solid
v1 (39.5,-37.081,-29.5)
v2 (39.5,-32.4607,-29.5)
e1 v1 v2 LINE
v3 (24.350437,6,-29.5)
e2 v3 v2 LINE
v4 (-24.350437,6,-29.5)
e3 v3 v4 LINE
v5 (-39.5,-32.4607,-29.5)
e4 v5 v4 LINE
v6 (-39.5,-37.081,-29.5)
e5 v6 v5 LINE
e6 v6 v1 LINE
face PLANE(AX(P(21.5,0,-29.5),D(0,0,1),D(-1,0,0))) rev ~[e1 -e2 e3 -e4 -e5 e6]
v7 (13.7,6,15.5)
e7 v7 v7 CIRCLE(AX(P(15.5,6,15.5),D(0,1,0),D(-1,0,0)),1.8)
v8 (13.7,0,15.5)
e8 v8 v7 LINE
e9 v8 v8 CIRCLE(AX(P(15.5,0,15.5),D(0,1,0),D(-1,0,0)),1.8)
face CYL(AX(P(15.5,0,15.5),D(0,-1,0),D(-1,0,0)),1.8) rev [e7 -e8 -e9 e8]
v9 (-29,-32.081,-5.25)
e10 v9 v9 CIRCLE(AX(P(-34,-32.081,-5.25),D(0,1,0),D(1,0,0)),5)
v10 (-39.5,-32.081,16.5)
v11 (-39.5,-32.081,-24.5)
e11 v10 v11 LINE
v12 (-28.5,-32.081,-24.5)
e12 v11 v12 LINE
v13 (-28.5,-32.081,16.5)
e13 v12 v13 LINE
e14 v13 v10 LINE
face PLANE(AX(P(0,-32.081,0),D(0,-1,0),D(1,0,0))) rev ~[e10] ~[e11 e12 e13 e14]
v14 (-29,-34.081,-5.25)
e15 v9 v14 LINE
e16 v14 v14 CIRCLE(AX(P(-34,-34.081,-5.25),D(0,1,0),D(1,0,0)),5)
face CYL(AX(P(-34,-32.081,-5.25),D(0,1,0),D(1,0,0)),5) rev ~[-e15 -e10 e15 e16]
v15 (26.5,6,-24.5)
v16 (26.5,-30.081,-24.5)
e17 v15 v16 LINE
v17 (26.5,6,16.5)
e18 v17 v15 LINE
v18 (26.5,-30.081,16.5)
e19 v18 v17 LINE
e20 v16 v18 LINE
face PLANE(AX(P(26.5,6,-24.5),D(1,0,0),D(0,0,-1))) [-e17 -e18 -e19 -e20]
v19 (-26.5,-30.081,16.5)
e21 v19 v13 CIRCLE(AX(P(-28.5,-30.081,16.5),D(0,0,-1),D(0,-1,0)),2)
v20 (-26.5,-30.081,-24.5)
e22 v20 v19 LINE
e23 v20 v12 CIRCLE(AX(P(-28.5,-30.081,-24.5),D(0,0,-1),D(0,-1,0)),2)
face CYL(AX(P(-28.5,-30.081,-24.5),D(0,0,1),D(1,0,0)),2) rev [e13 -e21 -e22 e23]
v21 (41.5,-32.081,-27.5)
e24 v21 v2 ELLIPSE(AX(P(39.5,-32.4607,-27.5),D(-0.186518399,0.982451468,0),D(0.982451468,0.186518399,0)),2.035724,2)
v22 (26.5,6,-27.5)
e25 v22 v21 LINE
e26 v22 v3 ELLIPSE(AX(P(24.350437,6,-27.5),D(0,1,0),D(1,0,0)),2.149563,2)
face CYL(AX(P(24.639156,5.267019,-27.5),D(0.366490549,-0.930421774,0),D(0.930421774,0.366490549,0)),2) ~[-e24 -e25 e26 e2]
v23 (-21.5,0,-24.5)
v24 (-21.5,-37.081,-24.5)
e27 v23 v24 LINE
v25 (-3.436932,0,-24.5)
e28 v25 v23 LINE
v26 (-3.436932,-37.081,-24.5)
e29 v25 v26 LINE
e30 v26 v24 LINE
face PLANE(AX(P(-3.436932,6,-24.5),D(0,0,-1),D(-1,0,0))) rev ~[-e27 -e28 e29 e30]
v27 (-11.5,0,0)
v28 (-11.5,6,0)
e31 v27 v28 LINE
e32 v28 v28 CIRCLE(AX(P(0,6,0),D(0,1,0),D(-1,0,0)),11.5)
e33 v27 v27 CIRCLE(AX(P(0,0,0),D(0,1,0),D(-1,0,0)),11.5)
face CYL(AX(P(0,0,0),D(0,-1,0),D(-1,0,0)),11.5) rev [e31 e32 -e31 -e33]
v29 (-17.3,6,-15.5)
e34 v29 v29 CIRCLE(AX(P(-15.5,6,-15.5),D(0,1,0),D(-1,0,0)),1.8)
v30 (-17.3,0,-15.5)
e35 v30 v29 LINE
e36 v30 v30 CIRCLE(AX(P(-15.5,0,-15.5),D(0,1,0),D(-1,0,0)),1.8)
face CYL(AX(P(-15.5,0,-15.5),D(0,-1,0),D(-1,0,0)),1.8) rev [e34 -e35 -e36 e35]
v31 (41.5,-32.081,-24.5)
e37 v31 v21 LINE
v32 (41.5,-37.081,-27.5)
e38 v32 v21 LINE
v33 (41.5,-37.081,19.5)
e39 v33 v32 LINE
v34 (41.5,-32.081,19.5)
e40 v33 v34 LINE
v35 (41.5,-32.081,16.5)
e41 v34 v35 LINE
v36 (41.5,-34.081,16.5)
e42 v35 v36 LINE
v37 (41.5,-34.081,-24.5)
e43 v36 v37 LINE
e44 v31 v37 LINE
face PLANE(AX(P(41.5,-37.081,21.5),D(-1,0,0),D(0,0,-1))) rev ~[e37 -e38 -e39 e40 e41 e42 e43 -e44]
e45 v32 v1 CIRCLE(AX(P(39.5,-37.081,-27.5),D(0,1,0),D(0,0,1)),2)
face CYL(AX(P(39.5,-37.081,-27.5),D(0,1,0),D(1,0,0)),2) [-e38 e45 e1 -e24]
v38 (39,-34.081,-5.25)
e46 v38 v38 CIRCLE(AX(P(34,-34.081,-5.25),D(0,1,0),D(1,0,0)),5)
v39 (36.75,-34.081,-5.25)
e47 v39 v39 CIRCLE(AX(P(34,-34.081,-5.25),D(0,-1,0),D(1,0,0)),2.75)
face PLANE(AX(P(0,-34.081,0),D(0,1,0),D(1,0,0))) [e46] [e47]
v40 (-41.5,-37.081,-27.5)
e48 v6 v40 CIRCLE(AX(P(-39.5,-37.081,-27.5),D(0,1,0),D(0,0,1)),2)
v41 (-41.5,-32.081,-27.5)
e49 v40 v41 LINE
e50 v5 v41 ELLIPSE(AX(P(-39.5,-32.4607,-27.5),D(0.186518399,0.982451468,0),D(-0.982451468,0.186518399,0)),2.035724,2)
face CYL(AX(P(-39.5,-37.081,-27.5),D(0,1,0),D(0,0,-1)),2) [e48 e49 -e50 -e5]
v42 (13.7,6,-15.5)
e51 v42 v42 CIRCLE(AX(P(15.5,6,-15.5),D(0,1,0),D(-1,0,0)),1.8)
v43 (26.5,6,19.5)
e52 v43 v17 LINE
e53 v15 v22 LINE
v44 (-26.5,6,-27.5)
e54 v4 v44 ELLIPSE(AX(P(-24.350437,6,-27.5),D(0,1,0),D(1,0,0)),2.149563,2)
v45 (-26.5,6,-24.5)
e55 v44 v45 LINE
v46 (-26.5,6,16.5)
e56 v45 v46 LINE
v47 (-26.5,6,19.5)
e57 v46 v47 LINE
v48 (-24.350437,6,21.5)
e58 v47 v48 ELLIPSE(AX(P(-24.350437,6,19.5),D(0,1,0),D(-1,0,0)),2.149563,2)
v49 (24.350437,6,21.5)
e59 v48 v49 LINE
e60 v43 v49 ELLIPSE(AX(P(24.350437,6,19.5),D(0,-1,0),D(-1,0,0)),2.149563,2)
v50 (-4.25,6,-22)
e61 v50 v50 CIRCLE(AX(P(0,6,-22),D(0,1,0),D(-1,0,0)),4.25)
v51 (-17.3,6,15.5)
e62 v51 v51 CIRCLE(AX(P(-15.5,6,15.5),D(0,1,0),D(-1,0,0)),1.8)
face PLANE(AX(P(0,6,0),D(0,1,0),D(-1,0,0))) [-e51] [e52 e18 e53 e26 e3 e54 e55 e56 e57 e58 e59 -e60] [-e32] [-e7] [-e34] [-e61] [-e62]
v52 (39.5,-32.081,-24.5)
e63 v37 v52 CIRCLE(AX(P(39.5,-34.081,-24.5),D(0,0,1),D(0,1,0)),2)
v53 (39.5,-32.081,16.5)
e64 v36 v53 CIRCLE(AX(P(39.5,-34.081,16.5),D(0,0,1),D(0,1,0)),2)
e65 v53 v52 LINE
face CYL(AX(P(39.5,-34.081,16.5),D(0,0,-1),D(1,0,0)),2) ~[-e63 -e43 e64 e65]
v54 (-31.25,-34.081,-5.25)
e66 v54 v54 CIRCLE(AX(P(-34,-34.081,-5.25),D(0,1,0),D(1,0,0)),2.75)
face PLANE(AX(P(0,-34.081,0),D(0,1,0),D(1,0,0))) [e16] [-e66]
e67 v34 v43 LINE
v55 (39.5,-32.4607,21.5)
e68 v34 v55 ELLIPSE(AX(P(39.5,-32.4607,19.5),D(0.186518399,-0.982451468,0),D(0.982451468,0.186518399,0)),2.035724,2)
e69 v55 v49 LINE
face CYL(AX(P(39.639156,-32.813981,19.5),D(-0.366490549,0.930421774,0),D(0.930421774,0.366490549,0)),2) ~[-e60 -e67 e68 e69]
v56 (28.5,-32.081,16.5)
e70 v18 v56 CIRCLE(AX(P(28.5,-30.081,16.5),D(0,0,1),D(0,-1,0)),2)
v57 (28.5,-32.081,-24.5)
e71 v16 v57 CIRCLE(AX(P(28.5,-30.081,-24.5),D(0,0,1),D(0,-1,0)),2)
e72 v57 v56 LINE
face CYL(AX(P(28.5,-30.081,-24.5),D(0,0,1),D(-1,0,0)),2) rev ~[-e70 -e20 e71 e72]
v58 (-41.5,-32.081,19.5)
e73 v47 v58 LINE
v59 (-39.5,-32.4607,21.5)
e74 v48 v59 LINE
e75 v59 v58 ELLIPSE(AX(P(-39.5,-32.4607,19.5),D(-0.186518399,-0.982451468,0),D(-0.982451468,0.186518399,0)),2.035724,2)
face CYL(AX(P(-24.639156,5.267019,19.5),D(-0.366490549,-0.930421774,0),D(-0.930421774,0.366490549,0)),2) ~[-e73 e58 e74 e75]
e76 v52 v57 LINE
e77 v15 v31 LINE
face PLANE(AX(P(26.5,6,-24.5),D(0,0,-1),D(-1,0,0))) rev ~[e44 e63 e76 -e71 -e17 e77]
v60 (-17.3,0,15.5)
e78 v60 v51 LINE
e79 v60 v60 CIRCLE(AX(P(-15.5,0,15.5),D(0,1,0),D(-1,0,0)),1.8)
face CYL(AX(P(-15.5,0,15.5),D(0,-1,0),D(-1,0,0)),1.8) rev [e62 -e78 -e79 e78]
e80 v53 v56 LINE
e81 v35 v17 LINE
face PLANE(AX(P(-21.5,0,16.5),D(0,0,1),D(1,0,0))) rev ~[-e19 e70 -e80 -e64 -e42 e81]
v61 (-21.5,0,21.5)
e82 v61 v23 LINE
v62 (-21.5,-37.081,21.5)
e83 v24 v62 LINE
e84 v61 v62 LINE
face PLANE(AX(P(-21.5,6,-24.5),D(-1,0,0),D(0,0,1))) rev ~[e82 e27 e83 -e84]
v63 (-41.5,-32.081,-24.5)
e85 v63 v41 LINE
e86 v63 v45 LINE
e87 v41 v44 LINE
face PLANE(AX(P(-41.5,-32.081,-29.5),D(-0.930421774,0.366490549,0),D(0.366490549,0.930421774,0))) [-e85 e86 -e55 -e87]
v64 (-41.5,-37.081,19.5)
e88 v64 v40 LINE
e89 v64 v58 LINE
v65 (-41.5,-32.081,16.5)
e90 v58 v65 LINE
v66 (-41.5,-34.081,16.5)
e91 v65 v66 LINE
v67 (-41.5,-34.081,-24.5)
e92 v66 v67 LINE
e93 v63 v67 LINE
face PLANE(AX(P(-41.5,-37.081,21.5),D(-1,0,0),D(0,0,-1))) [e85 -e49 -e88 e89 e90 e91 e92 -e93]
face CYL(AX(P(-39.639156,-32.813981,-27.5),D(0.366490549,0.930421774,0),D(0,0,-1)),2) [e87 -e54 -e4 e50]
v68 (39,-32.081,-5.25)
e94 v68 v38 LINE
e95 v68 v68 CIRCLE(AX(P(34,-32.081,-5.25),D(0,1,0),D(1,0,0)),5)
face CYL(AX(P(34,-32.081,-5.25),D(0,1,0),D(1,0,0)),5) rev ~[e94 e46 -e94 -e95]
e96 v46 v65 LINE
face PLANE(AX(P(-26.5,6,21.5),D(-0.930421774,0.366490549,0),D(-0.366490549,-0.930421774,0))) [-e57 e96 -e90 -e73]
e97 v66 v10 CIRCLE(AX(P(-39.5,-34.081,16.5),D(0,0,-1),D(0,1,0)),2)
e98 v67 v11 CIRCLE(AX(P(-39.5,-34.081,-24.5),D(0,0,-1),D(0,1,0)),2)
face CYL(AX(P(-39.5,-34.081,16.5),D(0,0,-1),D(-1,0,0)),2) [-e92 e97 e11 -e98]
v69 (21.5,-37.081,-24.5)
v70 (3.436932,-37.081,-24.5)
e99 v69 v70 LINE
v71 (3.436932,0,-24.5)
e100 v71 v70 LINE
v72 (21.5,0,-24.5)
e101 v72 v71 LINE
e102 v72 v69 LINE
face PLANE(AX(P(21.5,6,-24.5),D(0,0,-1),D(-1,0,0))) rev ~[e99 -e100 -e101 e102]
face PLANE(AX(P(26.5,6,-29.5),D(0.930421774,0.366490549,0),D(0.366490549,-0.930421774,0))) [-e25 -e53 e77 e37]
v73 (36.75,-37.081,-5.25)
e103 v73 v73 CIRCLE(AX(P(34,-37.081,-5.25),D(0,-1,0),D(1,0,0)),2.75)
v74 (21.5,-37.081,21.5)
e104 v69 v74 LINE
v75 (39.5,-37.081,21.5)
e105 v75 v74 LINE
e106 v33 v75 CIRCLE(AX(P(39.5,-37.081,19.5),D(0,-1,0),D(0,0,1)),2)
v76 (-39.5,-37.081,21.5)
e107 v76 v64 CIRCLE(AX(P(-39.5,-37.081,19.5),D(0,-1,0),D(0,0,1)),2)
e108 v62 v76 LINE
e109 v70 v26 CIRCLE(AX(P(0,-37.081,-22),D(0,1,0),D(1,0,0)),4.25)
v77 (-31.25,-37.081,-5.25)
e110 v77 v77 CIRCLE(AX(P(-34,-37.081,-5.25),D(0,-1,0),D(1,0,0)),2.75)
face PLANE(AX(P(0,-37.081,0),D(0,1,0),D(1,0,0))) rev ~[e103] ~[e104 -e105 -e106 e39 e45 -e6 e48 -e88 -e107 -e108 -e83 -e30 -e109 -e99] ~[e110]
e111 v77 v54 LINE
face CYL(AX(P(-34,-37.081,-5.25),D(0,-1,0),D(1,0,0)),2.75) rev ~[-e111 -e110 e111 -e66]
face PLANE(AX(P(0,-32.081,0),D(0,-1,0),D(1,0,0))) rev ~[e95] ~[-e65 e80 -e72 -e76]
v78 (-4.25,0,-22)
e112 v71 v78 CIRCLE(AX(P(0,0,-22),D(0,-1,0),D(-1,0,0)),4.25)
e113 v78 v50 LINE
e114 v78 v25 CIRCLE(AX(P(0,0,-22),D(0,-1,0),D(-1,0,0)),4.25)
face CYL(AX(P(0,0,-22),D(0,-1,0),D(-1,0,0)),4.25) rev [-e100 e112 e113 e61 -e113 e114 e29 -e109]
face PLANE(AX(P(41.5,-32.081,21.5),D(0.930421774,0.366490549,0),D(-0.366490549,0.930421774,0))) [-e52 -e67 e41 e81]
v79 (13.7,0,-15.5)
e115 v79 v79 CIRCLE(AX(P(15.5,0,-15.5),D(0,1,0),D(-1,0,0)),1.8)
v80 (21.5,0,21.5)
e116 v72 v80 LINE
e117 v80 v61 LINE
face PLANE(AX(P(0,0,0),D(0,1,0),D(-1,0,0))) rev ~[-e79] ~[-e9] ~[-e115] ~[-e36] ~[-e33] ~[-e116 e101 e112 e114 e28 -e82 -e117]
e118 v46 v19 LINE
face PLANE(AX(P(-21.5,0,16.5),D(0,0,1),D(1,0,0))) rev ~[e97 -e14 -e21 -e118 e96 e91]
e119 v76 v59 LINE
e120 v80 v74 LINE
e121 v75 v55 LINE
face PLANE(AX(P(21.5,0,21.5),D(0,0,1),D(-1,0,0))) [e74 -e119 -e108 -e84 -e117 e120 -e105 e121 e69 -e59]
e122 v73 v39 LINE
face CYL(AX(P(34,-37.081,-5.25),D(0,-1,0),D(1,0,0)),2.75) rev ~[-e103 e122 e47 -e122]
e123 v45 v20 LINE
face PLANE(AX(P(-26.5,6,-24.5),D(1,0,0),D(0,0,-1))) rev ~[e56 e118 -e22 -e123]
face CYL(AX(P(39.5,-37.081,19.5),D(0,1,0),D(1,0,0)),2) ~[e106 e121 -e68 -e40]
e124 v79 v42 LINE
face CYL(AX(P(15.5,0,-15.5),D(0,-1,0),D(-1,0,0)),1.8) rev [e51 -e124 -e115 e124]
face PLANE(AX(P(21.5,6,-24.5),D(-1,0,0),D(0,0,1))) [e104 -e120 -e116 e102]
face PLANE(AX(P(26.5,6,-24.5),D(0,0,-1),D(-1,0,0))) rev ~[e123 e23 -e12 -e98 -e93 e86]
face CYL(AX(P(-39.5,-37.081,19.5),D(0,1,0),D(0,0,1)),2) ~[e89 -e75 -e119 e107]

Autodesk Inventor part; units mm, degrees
ref_plane "YZ Plane" through (0, 0, 0) normal (1, 0, 0) x (0, 1, 0)
ref_plane "XZ Plane" through (0, 0, 0) normal (0, 1, 0) x (-1, 0, 0)
ref_plane "XY Plane" through (0, 0, 0) normal (0, 0, 1) x (1, 0, 0)
sketch "Sketch1" plane through (0, 0, 0) normal (0, 1, 0) x (-1, 0, 0)
  circle A0 centre (0, 0) radius 11.5
  circle A1 centre (0, -22) radius 4.25
  line L0 (-21.5, 21.5) -> (21.5, 21.5)
  line L1 (21.5, 21.5) -> (21.5, -21.5)
  line L2 (21.5, -21.5) -> (-21.5, -21.5)
  line L3 (-21.5, -21.5) -> (-21.5, 21.5)
  line L4 (-21.5, 21.5) -> (21.5, -21.5) construction
  line L5 (21.5, 21.5) -> (-21.5, -21.5) construction
  line L6 (21.5, -21.5) -> (-21.5, -21.5)
  line L7 (-21.5, -21.5) -> (-21.5, -29.5)
  line L8 (-21.5, -29.5) -> (21.5, -29.5)
  line L9 (21.5, -29.5) -> (21.5, -21.5)
  circle A2 centre (15.5, 15.5) radius 1.8
  circle A3 centre (15.5, -15.5) radius 1.8
  circle A4 centre (-15.5, -15.5) radius 1.8
  circle A5 centre (-15.5, 15.5) radius 1.8
  point P0 (0, 0)
  dimension "d0" = 23
  dimension "d1" = 22
  dimension "d2" = 8.5
  dimension "d3" = 43
  dimension "d4" = 43
  dimension "d5" = 3.6
  dimension "d6" = 31
  dimension "d7" = 31
  dimension "d8" = 8
extrude "Extrusion1" add sketch "Sketch1" along normal blind 6 contours A1 L2 L9 L8 L7 | A1 L2 L3 L0 L1
sketch "Sketch2" plane through (0, 6, 0) normal (0, 1, 0) x (1, 0, 0)
  line L0 (-21.5, 29.5) -> (-21.5, -21.5) projected
  line L1 (-21.5, -21.5) -> (-26.5, -21.5)
  line L2 (-26.5, -21.5) -> (-26.5, 29.5)
  line L3 (-26.5, 29.5) -> (-21.5, 29.5)
  line L4 (-21.5, 29.5) -> (-21.5, -21.5)
  line L5 (21.5, -21.5) -> (26.5, -21.5)
  line L6 (26.5, -21.5) -> (26.5, 29.5)
  line L7 (26.5, 29.5) -> (21.5, 29.5)
  line L8 (21.5, 29.5) -> (21.5, -21.5)
  line L9 (-26.5, 29.5) -> (26.5, 29.5)
  line L10 (26.5, 29.5) -> (26.5, 24.5)
  line L11 (26.5, 24.5) -> (-26.5, 24.5)
  line L12 (-26.5, 24.5) -> (-26.5, 29.5)
  circle A0 centre (0, 22) radius 4.25 projected
  line L13 (21.5, 29.5) -> (-21.5, 29.5) projected
  point P0 (0, 0)
  point P1 (-21.5, 24.5)
  point P2 (-3.4369, 24.5)
  point P3 (3.4369, 24.5)
  point P4 (21.5, 24.5)
  point P5 (21.5, 29.5)
  dimension "d11" = 5
  dimension "d12" = 5
  dimension "d13" = 5
extrude "Extrusion2" add sketch "Sketch2" against normal blind 43.081 contours L9 L8 L11 A0 L0 | L0 L11 L2 L3 | L0 L1 L2 L11 | L7 L6 L11 L8 | L11 L6 L5 L8
sketch "Sketch4" plane through (0, -37.081, 0) normal (0, -1, 0) x (1, 0, 0)
  line L0 (-26.5, 21.5) -> (26.5, 21.5) projected
  line L1 (26.5, 21.5) -> (41.5, 21.5)
  line L2 (41.5, 21.5) -> (41.5, -29.5)
  line L3 (41.5, -29.5) -> (26.5, -29.5)
  line L4 (26.5, -29.5) -> (26.5, 21.5)
  line L5 (-26.5, -29.5) -> (-26.5, 21.5) projected
  line L6 (-26.5, 21.5) -> (-41.5, 21.5)
  line L7 (-41.5, 21.5) -> (-41.5, -29.5)
  line L8 (-41.5, -29.5) -> (-26.5, -29.5)
  line L9 (-26.5, -29.5) -> (-26.5, 21.5)
  line L10 (-26.5, -29.5) -> (26.5, -29.5) projected
  circle A0 centre (-34, -5.25) radius 2.75
  circle A1 centre (34, -5.25) radius 2.75
  point P0 (0, 0)
  point P1 (-26.5, -29.5)
  dimension "d21" = 15
  dimension "d22" = 5.5
  dimension "d23" = 15
  dimension "d24" = 7.5
  dimension "d25" = 7.5
  dimension "d29" = 26.75
extrude "Extrusion3" add sketch "Sketch4" against normal blind 5 contours L5 L8 L7 L6 | L1 L2 L3 L4
sketch "Sketch5" plane through (0, -32.081, 0) normal (0, 1, 0) x (1, 0, 0)
  circle A0 centre (-34, 5.25) radius 2.75 projected
  circle A1 centre (-34, 5.25) radius 5
  circle A2 centre (34, 5.25) radius 2.75 projected
  circle A3 centre (34, 5.25) radius 5
  point P0 (0, 0)
  dimension "d30" = 10
extrude "Extrusion4" cut sketch "Sketch5" against normal blind 2 contours A1 | A2 | A3
sketch "Sketch7" plane through (26.5, 6, -29.5) normal (0, 0, -1) x (-1, 0, 0)
  line L0 (53, 0) -> (0, 0) projected
  line L1 (-15, -43.081) -> (-15, -38.081) projected
  line L2 (0, 0) -> (-15, -38.081)
  line L3 (-15, -38.081) -> (0, -38.081)
  line L4 (0, 0) -> (0, -38.081) projected
  line L5 (0, -38.081) -> (0, 0)
  line L6 (53, 0) -> (53, -38.081) projected
  line L7 (53, 0) -> (53, -38.081)
  line L8 (68, -38.081) -> (53, -38.081) projected
  line L9 (53, -38.081) -> (68, -38.081)
  line L10 (68, -38.081) -> (53, 0)
  point P0 (26.5, -6)
extrude "Extrusion5" add sketch "Sketch7" against normal blind 5
sketch "Sketch8" plane through (-21.5, 0, 21.5) normal (0, 0, 1) x (1, 0, 0)
  line L0 (-5, -32.081) -> (-20, -32.081) projected
  line L1 (-5, 6) -> (-5, -32.081) projected
  line L2 (-5, 6) -> (-20, -32.081) projected
  line L3 (63, -32.081) -> (48, -32.081) projected
  line L4 (63, -32.081) -> (48, 6) projected
  line L5 (48, -32.081) -> (48, 6) projected
  point P0 (21.5, 0)
extrude "Extrusion6" add sketch "Sketch8" against normal blind 5
fillet "Fillet1" radius 2 4 edges at (41.5, -32.081, -4) (-41.5, -32.081, -4) (-26.5, -32.081, -4) (26.5, -32.081, -4)
fillet "Fillet2" radius 2 8 edges at (-41.5, -34.581, 21.5) (-41.5, -34.581, -29.5) (41.5, -34.581, 21.5) (41.5, -34.581, -29.5) (34, -13.0405, 21.5) (34, -13.0405, -29.5) (-34, -13.0405, 21.5) (-34, -13.0405, -29.5)
sketch "Sketch10" plane through (0, -37.081, 0) normal (0, -1, 0) x (1, 0, 0)
  line L0 (-46.933, 35.2152) -> (46.933, 35.2152)
  line L1 (46.933, 35.2152) -> (46.933, -35.2152)
  line L2 (46.933, -35.2152) -> (-46.933, -35.2152)
  line L3 (-46.933, -35.2152) -> (-46.933, 35.2152)
  line L4 (-46.933, 35.2152) -> (46.933, -35.2152) construction
  line L5 (46.933, 35.2152) -> (-46.933, -35.2152) construction
  point P0 (0, 0)
sketch "Sketch9" plane through (0, 5, 0) normal (0, 1, 0) x (1, 0, 0)
  line L0 (41, 29) -> (41, -71) projected
  line L1 (41, 29) -> (-55.9789, 29)
  line L2 (-55.9789, 29) -> (-55.9789, -21)
  line L3 (-55.9789, -21) -> (41, -21)
  line L4 (41, -21) -> (41, 29)
  point P0 (0, 0)
  point P1 (41, -21)
properties part number "zmotorsupport"
